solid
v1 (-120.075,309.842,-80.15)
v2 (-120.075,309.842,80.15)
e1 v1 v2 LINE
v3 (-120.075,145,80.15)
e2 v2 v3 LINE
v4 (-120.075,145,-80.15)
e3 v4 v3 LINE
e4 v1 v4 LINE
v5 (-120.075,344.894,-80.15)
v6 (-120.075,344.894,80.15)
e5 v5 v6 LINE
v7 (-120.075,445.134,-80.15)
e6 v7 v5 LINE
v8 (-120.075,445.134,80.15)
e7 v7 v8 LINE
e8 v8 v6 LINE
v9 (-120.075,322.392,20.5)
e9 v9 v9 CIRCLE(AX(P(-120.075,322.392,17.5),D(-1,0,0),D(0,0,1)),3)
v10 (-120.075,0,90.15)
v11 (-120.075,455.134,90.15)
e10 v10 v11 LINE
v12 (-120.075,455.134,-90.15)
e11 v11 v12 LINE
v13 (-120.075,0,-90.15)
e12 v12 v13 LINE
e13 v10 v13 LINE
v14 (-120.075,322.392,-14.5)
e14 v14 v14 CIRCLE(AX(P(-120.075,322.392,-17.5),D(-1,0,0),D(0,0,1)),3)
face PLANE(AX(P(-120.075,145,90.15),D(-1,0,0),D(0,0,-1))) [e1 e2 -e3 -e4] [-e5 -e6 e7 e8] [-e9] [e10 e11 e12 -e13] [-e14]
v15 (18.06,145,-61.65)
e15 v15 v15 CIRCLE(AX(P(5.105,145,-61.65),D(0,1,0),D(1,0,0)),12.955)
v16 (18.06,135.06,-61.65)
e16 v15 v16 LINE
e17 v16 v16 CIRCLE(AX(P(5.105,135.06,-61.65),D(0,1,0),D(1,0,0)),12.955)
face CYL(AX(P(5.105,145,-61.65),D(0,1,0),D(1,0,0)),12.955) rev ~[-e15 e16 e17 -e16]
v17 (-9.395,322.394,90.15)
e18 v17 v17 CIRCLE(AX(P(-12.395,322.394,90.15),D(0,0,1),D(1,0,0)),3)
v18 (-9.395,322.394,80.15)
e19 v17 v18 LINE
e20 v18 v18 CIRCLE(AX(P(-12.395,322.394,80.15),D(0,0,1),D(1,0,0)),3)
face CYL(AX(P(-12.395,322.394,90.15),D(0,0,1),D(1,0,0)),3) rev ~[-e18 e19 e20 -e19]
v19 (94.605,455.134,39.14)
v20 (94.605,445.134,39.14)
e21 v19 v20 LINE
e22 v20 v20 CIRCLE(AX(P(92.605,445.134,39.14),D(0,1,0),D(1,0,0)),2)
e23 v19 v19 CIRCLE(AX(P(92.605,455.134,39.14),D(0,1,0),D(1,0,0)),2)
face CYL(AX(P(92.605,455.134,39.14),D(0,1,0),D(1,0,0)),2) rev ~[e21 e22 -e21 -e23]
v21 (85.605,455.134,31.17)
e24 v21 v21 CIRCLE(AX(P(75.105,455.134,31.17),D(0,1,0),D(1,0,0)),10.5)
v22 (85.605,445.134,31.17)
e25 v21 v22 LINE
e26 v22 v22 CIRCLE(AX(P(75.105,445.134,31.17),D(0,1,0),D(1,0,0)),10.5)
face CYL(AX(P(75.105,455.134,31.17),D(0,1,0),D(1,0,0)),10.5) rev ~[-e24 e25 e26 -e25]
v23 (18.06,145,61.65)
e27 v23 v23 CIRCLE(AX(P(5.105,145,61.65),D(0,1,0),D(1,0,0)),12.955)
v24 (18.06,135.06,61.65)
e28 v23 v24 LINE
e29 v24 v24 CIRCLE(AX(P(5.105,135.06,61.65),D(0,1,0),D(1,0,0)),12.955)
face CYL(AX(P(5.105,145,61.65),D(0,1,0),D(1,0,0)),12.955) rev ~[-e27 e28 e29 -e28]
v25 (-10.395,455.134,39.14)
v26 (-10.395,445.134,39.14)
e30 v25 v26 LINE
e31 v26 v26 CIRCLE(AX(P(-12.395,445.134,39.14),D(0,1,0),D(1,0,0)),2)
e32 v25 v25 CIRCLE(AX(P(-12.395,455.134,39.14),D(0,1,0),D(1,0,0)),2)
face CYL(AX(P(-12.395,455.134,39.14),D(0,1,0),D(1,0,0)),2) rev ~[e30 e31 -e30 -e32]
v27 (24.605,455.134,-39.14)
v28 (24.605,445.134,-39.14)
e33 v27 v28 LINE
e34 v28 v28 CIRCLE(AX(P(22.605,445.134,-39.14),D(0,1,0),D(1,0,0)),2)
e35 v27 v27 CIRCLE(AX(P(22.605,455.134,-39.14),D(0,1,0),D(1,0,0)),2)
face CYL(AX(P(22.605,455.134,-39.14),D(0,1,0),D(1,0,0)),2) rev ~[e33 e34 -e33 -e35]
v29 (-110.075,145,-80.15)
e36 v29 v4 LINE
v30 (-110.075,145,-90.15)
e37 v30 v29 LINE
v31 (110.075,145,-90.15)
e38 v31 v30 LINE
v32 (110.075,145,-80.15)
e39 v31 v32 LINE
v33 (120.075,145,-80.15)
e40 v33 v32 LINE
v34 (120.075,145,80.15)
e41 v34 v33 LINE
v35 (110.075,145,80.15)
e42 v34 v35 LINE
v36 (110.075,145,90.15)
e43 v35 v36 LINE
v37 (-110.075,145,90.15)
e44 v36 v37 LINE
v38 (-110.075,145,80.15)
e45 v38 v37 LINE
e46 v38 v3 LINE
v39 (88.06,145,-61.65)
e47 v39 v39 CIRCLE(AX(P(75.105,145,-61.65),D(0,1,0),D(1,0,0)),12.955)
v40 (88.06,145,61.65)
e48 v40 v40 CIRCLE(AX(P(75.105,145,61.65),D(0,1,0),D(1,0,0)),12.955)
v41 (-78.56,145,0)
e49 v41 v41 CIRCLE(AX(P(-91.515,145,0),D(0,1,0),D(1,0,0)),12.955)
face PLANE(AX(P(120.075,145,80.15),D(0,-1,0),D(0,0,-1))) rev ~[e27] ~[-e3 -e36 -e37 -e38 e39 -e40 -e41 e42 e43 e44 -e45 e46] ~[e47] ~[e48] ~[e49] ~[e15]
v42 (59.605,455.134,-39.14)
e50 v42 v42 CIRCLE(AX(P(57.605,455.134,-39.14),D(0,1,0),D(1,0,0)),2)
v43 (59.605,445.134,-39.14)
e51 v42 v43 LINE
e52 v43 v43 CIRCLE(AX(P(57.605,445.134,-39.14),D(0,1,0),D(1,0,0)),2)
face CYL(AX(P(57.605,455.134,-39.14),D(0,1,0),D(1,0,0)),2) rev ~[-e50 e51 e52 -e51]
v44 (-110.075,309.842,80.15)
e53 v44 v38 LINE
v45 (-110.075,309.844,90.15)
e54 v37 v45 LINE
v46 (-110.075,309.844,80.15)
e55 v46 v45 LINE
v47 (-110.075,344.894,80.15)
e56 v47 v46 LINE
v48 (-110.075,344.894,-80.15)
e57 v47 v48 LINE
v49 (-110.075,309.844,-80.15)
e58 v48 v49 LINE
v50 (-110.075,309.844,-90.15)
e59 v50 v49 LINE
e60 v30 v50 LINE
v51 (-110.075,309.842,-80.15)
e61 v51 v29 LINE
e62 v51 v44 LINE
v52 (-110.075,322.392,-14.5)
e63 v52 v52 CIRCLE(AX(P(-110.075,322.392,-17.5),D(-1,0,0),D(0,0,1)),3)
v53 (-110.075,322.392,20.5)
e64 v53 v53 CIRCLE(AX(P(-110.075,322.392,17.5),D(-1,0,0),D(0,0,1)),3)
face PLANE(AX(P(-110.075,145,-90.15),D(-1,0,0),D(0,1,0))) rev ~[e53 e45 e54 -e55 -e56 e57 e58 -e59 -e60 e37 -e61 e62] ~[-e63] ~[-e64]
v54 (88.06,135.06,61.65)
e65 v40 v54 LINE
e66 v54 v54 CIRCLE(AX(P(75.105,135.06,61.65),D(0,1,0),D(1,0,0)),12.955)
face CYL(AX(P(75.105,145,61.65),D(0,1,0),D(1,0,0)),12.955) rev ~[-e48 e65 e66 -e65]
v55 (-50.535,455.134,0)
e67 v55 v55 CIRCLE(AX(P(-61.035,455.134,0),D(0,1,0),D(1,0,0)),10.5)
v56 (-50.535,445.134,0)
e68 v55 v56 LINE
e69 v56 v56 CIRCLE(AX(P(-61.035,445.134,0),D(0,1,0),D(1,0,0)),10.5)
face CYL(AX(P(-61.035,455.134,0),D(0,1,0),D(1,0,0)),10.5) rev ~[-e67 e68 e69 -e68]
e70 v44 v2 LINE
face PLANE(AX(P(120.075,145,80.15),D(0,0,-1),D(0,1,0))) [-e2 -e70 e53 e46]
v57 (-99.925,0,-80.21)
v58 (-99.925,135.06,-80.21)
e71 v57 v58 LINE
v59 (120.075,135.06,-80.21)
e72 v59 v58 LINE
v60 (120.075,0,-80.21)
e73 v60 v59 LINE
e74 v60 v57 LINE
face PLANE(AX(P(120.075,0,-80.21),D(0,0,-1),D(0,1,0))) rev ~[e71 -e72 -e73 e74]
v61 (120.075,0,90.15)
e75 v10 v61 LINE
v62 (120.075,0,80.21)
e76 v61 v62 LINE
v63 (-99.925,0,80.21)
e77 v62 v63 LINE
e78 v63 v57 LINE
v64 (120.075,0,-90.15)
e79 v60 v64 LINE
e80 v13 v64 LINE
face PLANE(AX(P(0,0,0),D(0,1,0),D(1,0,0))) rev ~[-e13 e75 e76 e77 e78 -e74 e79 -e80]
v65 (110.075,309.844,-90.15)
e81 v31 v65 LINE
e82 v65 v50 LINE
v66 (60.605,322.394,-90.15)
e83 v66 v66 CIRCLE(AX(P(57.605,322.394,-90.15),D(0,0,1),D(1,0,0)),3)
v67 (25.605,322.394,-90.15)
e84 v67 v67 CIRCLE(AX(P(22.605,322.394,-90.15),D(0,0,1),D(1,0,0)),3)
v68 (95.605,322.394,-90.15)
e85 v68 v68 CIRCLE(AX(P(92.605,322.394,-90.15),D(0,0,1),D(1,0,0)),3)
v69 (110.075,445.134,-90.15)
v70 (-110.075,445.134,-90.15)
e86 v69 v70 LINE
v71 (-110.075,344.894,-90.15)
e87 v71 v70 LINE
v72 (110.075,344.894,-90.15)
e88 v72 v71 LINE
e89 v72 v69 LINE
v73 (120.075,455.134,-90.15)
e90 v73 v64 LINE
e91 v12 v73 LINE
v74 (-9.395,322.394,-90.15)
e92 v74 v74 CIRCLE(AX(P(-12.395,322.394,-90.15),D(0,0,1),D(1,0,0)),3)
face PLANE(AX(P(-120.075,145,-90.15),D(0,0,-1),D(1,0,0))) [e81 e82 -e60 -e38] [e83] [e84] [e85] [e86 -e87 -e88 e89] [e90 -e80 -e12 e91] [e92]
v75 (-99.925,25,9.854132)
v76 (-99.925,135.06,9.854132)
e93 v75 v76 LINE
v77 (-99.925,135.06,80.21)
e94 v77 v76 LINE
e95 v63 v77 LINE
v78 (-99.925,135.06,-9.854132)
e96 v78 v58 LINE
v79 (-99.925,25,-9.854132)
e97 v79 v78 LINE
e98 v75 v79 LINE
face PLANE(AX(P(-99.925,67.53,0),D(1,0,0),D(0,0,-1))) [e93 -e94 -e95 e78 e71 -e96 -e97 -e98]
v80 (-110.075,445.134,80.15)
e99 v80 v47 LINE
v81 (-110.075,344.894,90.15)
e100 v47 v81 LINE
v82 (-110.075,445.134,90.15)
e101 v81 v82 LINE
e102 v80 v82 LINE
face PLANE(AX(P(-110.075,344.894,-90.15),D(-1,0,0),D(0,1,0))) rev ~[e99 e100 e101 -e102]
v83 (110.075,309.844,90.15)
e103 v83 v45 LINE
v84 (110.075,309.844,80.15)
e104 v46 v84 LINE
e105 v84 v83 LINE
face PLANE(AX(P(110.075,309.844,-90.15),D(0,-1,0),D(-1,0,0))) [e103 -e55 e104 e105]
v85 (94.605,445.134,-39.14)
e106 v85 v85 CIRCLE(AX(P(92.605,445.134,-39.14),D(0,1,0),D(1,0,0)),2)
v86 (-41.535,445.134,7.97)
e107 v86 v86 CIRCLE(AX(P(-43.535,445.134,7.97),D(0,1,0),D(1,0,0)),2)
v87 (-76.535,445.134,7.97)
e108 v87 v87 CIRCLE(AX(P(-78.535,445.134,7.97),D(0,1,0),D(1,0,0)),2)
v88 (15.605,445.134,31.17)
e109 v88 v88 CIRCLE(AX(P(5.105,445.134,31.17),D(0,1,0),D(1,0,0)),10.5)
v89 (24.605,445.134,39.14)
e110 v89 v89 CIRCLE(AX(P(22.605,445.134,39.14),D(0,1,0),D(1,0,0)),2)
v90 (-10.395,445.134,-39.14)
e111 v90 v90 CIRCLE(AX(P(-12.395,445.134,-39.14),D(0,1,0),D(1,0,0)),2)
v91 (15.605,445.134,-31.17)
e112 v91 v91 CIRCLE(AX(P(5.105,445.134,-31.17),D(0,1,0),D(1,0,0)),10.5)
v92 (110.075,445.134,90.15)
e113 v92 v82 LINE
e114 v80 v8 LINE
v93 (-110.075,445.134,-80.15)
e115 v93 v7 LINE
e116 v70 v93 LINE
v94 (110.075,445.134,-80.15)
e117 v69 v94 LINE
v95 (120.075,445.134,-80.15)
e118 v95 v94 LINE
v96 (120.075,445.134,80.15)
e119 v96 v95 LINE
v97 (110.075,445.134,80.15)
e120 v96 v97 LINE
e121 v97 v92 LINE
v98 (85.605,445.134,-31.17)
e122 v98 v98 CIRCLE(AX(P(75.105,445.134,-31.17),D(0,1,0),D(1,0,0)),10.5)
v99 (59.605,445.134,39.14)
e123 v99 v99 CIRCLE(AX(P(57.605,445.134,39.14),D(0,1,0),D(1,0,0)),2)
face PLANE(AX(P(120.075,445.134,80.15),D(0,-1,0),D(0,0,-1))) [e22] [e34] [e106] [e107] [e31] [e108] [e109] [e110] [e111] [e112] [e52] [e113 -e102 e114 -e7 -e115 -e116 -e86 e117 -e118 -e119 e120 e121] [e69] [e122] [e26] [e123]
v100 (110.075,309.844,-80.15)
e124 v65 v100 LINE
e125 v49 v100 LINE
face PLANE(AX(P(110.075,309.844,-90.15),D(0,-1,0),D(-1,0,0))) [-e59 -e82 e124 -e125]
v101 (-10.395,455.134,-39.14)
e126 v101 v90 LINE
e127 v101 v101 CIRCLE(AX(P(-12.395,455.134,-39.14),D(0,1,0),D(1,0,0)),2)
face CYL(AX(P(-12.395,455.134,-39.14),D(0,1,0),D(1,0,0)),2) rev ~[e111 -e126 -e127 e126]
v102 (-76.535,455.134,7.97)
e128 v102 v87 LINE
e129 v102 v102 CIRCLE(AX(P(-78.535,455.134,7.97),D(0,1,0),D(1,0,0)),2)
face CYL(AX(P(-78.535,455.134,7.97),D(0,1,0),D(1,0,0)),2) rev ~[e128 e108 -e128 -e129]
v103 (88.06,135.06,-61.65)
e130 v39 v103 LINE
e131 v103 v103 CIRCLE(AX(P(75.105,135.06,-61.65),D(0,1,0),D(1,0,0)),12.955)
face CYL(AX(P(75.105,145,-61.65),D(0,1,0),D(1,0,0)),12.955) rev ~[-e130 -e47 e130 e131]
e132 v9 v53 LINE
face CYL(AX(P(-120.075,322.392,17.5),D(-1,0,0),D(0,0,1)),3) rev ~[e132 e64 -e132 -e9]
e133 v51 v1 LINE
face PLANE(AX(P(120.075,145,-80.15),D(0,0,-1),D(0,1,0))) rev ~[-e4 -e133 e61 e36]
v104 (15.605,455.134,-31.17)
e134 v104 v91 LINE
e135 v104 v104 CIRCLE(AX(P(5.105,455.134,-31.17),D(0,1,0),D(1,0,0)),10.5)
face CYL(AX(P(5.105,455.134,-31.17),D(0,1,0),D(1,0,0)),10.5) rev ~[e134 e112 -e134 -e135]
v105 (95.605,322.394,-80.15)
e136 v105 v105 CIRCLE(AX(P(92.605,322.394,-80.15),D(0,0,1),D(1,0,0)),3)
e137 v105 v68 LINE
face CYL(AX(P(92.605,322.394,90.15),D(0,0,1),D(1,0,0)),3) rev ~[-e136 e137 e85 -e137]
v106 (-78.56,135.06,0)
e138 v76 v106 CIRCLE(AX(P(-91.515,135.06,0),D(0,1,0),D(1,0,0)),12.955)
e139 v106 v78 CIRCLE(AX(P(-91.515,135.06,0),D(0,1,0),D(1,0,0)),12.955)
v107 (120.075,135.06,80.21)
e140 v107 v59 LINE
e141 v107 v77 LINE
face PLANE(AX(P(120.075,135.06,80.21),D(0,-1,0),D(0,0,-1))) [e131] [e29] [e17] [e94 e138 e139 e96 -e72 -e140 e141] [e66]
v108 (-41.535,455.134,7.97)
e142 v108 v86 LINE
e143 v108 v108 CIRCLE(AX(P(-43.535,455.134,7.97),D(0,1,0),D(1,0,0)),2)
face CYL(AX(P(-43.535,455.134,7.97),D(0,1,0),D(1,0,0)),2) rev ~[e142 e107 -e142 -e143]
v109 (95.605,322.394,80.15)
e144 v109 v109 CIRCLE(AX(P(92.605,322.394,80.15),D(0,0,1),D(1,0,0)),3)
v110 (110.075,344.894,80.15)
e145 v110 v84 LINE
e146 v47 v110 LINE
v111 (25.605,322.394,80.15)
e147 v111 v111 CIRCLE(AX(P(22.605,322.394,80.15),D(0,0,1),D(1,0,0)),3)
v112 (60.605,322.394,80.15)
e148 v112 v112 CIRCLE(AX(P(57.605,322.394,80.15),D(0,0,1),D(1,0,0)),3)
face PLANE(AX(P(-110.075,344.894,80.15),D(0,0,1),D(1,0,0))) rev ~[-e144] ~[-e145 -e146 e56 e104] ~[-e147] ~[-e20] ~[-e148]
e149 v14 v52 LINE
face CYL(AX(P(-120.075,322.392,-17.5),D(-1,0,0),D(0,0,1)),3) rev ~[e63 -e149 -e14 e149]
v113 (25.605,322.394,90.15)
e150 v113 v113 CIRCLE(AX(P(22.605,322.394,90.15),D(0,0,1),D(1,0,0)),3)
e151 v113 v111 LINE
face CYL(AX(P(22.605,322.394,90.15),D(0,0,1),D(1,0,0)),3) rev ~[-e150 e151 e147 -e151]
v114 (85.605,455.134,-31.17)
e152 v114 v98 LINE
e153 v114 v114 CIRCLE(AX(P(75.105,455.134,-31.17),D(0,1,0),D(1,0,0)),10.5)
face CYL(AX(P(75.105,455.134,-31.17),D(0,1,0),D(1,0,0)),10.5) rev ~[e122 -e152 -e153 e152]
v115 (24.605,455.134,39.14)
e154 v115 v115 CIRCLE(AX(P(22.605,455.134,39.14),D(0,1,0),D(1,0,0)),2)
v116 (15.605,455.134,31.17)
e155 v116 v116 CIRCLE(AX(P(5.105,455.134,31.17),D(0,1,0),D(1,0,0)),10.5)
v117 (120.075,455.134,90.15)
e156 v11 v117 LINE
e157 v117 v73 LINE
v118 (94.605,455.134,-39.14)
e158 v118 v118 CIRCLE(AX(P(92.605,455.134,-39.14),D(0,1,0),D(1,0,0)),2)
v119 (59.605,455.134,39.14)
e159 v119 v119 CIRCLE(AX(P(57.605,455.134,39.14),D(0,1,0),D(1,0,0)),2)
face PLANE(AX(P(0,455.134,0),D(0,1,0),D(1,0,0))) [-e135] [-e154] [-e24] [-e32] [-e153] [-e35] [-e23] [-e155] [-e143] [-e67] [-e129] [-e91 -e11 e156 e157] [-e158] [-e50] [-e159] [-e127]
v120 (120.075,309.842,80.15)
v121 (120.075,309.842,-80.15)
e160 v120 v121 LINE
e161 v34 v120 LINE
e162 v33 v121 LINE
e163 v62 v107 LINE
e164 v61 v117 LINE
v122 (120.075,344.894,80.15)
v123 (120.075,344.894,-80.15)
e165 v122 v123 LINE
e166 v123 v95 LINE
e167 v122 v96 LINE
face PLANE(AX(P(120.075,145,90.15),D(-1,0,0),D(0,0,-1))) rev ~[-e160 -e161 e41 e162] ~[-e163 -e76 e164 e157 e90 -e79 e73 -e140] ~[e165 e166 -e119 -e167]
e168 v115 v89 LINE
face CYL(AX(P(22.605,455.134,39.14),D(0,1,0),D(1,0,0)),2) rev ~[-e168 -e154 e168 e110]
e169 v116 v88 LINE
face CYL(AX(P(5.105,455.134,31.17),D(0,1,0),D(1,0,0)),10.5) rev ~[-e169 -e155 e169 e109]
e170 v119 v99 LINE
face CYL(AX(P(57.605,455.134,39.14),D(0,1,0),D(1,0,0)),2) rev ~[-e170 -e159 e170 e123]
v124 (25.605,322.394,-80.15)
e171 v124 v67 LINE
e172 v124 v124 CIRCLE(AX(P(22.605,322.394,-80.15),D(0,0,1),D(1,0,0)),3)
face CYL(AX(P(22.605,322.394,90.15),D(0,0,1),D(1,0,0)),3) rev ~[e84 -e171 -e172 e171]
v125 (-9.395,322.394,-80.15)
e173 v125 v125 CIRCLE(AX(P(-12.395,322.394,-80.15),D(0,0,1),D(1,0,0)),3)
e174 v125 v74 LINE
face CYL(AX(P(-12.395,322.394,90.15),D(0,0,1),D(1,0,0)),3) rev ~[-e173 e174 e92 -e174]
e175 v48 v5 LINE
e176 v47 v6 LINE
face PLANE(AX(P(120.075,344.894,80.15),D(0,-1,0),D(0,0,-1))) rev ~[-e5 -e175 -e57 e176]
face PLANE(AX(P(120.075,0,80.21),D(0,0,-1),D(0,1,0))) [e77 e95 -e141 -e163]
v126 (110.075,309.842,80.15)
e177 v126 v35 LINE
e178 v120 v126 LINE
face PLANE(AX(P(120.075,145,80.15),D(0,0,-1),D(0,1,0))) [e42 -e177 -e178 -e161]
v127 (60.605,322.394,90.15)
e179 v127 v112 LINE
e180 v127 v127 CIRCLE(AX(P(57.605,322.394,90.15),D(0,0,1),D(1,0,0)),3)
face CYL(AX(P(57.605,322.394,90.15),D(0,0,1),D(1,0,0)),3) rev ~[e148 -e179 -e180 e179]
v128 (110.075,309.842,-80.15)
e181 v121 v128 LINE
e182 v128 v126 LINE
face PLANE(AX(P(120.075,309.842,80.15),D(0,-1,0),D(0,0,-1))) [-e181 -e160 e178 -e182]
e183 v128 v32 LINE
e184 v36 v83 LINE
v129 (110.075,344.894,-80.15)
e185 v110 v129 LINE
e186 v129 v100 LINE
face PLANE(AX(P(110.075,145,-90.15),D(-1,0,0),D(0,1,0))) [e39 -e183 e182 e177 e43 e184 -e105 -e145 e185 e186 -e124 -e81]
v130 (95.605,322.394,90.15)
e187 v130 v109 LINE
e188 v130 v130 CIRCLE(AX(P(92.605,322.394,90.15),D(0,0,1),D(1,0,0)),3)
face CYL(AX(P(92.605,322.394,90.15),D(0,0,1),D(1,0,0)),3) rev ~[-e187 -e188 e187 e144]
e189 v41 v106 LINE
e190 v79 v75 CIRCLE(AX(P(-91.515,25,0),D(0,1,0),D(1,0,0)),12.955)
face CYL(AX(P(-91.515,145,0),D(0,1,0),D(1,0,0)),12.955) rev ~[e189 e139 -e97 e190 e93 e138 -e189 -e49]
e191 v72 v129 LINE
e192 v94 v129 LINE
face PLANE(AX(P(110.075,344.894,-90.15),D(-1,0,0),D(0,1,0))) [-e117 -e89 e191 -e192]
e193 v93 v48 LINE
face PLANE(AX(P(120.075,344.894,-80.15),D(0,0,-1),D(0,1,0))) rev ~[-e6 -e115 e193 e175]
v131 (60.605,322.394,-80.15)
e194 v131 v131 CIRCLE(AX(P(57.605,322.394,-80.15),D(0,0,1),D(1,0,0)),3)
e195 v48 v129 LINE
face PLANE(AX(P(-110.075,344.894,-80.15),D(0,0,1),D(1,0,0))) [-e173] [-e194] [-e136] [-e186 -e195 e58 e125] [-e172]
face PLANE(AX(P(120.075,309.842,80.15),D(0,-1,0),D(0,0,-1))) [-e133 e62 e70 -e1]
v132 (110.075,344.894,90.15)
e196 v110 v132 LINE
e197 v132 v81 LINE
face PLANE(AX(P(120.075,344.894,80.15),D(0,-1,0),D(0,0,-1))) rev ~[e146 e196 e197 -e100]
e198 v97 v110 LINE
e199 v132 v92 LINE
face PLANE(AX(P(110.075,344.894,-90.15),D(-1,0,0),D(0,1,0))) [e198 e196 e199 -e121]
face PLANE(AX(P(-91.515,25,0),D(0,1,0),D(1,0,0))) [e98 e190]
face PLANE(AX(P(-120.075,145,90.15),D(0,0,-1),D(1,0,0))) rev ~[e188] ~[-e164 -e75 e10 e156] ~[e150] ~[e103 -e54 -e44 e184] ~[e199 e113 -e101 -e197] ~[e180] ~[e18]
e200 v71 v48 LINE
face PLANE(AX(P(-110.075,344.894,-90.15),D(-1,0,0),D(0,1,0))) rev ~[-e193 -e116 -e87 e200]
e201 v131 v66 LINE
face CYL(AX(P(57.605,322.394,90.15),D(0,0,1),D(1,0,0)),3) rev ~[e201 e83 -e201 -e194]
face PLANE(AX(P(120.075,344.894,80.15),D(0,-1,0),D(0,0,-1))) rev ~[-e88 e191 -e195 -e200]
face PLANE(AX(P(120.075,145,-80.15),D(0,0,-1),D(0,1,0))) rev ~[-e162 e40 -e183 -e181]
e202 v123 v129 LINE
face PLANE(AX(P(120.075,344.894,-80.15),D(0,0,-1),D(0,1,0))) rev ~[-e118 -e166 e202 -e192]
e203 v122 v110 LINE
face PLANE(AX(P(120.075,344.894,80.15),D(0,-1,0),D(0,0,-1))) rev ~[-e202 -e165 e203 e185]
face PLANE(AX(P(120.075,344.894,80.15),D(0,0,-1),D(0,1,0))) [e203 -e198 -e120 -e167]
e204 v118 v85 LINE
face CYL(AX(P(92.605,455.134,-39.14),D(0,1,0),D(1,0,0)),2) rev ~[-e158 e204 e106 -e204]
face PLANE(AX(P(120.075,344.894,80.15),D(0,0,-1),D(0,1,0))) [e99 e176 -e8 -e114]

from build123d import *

# Parameters (mm, degrees)
SKETCH1_W           = 240.15
SKETCH1_H           = 180.3
BOSS_EXTRUDE1_DEPTH = 145
SKETCH2_R           = 12.955
CUT_EXTRUDE1_DEPTH  = 120
SKETCH3_W           = 160.42
SKETCH3_H           = 135.06
CUT_EXTRUDE3_DEPTH  = 220
SKETCH9_W           = 240.15
SKETCH9_H           = 180.3
BOSS_EXTRUDE3_DEPTH = 310.134
SKETCH14_R          = 10.5
SKETCH14_R_2        = 2
CUT_EXTRUDE6_DEPTH  = 11
SKETCH15_W          = 220.15
SKETCH15_H          = 100.24
SKETCH15_H_2        = 164.844
CUT_EXTRUDE7_DEPTH  = 181.3
SKETCH16_W          = 160.3
SKETCH16_H          = 100.24
SKETCH16_H_2        = 164.842
CUT_EXTRUDE8_DEPTH  = 241.15
CUT_EXTRUDE9_REACH  = 346.894
SKETCH17_W          = 220.15
SKETCH17_H          = 160.3
SKETCH18_R          = 3
CUT_EXTRUDE10_DEPTH = 249
SKETCH19_R          = 3
CUT_EXTRUDE11_DEPTH = 104


with BuildPart() as part:
    # Sketch1 → Boss-Extrude1 (new body)
    with BuildSketch(Plane(origin=(0, 0, 0), x_dir=(1, 0, 0), z_dir=(0, 1, 0))):
        Rectangle(SKETCH1_W, SKETCH1_H)
    extrude(amount=BOSS_EXTRUDE1_DEPTH)

    # Sketch2 → Cut-Extrude1 (cut)
    with BuildSketch(Plane(origin=(0, 145, 0), x_dir=(1, 0, 0), z_dir=(0, 1, 0))):
        with Locations((75.105, -61.65)):
            Circle(SKETCH2_R)
        with Locations((5.105, -61.65)):
            Circle(SKETCH2_R)
        with Locations((75.105, 61.65)):
            Circle(SKETCH2_R)
        with Locations((5.105, 61.65)):
            Circle(SKETCH2_R)
        with Locations((-91.515, 0)):
            Circle(SKETCH2_R)
    extrude(amount=-CUT_EXTRUDE1_DEPTH, mode=Mode.SUBTRACT)

    # Sketch3 → Cut-Extrude3 (cut)
    with BuildSketch(Plane(origin=(120.075, 0, 0), x_dir=(0, 0, -1), z_dir=(1, 0, 0))):
        with Locations((0, 67.53)):
            Rectangle(SKETCH3_W, SKETCH3_H)
    extrude(amount=-CUT_EXTRUDE3_DEPTH, mode=Mode.SUBTRACT)

    # Sketch9 → Boss-Extrude3 (add)
    with BuildSketch(Plane(origin=(0, 145, 0), x_dir=(1, 0, 0), z_dir=(0, 1, 0))):
        Rectangle(SKETCH9_W, SKETCH9_H)
    extrude(amount=BOSS_EXTRUDE3_DEPTH)

    # Sketch14 → Cut-Extrude6 (cut)
    with BuildSketch(Plane(origin=(0, 455.134, 0), x_dir=(1, 0, 0), z_dir=(0, 1, 0))):
        with Locations((5.105, -31.17)):
            Circle(SKETCH14_R)
        with Locations((75.105, 31.17)):
            Circle(SKETCH14_R)
        with Locations((-61.035, 0)):
            Circle(SKETCH14_R)
        with Locations((75.105, -31.17)):
            Circle(SKETCH14_R)
        with Locations((92.605, -39.14)):
            Circle(SKETCH14_R_2)
        with Locations((57.605, -39.14)):
            Circle(SKETCH14_R_2)
        with Locations((5.105, 31.17)):
            Circle(SKETCH14_R)
        with Locations((92.605, 39.14)):
            Circle(SKETCH14_R_2)
        with Locations((57.605, 39.14)):
            Circle(SKETCH14_R_2)
        with Locations((22.605, -39.14)):
            Circle(SKETCH14_R_2)
        with Locations((-12.395, -39.14)):
            Circle(SKETCH14_R_2)
        with Locations((22.605, 39.14)):
            Circle(SKETCH14_R_2)
        with Locations((-12.395, 39.14)):
            Circle(SKETCH14_R_2)
        with Locations((-43.535, -7.97)):
            Circle(SKETCH14_R_2)
        with Locations((-78.535, -7.97)):
            Circle(SKETCH14_R_2)
    extrude(amount=-CUT_EXTRUDE6_DEPTH, mode=Mode.SUBTRACT)

    # Sketch15 → Cut-Extrude7 (cut, through all)
    with BuildSketch(Plane(origin=(0, 0, -90.15), x_dir=(-1, 0, 0), z_dir=(0, 0, -1))):
        with Locations((0, 395.014)):
            Rectangle(SKETCH15_W, SKETCH15_H)
        with Locations((0, 227.422)):
            Rectangle(SKETCH15_W, SKETCH15_H_2)
    extrude(amount=-CUT_EXTRUDE7_DEPTH, mode=Mode.SUBTRACT)

    # Sketch16 → Cut-Extrude8 (cut, through all)
    with BuildSketch(Plane(origin=(120.075, 0, 0), x_dir=(0, 0, -1), z_dir=(1, 0, 0))):
        with Locations((0, 395.014)):
            Rectangle(SKETCH16_W, SKETCH16_H)
        with Locations((0, 227.421)):
            Rectangle(SKETCH16_W, SKETCH16_H_2)
    extrude(amount=-CUT_EXTRUDE8_DEPTH, mode=Mode.SUBTRACT)

    # Sketch17 → Cut-Extrude9 (cut, up to next)
    with BuildSketch(Plane(origin=(0, 344.894, 0), x_dir=(1, 0, 0), z_dir=(0, 1, 0)), mode=Mode.PRIVATE) as cut_extrude9_sk1:
        Rectangle(SKETCH17_W, SKETCH17_H)
    cut_extrude9_tool1 = extrude(cut_extrude9_sk1.sketch, amount=-CUT_EXTRUDE9_REACH, mode=Mode.PRIVATE) & part.part
    add(cut_extrude9_tool1.solids().sort_by_distance((0, 344.894, 0))[0], mode=Mode.SUBTRACT)

    # Sketch18 → Cut-Extrude10 (cut)
    with BuildSketch(Plane.XY.offset(90.15)):
        with Locations((-12.395, 322.394)):
            Circle(SKETCH18_R)
        with Locations((22.605, 322.394)):
            Circle(SKETCH18_R)
        with Locations((57.605, 322.394)):
            Circle(SKETCH18_R)
        with Locations((92.605, 322.394)):
            Circle(SKETCH18_R)
    extrude(amount=-CUT_EXTRUDE10_DEPTH, mode=Mode.SUBTRACT)

    # Sketch19 → Cut-Extrude11 (cut)
    with BuildSketch(Plane.ZY.offset(120.075)):
        with Locations((-17.5, 322.392)):
            Circle(SKETCH19_R)
        with Locations((17.5, 322.392)):
            Circle(SKETCH19_R)
    extrude(amount=-CUT_EXTRUDE11_DEPTH, mode=Mode.SUBTRACT)


solid = part.part
